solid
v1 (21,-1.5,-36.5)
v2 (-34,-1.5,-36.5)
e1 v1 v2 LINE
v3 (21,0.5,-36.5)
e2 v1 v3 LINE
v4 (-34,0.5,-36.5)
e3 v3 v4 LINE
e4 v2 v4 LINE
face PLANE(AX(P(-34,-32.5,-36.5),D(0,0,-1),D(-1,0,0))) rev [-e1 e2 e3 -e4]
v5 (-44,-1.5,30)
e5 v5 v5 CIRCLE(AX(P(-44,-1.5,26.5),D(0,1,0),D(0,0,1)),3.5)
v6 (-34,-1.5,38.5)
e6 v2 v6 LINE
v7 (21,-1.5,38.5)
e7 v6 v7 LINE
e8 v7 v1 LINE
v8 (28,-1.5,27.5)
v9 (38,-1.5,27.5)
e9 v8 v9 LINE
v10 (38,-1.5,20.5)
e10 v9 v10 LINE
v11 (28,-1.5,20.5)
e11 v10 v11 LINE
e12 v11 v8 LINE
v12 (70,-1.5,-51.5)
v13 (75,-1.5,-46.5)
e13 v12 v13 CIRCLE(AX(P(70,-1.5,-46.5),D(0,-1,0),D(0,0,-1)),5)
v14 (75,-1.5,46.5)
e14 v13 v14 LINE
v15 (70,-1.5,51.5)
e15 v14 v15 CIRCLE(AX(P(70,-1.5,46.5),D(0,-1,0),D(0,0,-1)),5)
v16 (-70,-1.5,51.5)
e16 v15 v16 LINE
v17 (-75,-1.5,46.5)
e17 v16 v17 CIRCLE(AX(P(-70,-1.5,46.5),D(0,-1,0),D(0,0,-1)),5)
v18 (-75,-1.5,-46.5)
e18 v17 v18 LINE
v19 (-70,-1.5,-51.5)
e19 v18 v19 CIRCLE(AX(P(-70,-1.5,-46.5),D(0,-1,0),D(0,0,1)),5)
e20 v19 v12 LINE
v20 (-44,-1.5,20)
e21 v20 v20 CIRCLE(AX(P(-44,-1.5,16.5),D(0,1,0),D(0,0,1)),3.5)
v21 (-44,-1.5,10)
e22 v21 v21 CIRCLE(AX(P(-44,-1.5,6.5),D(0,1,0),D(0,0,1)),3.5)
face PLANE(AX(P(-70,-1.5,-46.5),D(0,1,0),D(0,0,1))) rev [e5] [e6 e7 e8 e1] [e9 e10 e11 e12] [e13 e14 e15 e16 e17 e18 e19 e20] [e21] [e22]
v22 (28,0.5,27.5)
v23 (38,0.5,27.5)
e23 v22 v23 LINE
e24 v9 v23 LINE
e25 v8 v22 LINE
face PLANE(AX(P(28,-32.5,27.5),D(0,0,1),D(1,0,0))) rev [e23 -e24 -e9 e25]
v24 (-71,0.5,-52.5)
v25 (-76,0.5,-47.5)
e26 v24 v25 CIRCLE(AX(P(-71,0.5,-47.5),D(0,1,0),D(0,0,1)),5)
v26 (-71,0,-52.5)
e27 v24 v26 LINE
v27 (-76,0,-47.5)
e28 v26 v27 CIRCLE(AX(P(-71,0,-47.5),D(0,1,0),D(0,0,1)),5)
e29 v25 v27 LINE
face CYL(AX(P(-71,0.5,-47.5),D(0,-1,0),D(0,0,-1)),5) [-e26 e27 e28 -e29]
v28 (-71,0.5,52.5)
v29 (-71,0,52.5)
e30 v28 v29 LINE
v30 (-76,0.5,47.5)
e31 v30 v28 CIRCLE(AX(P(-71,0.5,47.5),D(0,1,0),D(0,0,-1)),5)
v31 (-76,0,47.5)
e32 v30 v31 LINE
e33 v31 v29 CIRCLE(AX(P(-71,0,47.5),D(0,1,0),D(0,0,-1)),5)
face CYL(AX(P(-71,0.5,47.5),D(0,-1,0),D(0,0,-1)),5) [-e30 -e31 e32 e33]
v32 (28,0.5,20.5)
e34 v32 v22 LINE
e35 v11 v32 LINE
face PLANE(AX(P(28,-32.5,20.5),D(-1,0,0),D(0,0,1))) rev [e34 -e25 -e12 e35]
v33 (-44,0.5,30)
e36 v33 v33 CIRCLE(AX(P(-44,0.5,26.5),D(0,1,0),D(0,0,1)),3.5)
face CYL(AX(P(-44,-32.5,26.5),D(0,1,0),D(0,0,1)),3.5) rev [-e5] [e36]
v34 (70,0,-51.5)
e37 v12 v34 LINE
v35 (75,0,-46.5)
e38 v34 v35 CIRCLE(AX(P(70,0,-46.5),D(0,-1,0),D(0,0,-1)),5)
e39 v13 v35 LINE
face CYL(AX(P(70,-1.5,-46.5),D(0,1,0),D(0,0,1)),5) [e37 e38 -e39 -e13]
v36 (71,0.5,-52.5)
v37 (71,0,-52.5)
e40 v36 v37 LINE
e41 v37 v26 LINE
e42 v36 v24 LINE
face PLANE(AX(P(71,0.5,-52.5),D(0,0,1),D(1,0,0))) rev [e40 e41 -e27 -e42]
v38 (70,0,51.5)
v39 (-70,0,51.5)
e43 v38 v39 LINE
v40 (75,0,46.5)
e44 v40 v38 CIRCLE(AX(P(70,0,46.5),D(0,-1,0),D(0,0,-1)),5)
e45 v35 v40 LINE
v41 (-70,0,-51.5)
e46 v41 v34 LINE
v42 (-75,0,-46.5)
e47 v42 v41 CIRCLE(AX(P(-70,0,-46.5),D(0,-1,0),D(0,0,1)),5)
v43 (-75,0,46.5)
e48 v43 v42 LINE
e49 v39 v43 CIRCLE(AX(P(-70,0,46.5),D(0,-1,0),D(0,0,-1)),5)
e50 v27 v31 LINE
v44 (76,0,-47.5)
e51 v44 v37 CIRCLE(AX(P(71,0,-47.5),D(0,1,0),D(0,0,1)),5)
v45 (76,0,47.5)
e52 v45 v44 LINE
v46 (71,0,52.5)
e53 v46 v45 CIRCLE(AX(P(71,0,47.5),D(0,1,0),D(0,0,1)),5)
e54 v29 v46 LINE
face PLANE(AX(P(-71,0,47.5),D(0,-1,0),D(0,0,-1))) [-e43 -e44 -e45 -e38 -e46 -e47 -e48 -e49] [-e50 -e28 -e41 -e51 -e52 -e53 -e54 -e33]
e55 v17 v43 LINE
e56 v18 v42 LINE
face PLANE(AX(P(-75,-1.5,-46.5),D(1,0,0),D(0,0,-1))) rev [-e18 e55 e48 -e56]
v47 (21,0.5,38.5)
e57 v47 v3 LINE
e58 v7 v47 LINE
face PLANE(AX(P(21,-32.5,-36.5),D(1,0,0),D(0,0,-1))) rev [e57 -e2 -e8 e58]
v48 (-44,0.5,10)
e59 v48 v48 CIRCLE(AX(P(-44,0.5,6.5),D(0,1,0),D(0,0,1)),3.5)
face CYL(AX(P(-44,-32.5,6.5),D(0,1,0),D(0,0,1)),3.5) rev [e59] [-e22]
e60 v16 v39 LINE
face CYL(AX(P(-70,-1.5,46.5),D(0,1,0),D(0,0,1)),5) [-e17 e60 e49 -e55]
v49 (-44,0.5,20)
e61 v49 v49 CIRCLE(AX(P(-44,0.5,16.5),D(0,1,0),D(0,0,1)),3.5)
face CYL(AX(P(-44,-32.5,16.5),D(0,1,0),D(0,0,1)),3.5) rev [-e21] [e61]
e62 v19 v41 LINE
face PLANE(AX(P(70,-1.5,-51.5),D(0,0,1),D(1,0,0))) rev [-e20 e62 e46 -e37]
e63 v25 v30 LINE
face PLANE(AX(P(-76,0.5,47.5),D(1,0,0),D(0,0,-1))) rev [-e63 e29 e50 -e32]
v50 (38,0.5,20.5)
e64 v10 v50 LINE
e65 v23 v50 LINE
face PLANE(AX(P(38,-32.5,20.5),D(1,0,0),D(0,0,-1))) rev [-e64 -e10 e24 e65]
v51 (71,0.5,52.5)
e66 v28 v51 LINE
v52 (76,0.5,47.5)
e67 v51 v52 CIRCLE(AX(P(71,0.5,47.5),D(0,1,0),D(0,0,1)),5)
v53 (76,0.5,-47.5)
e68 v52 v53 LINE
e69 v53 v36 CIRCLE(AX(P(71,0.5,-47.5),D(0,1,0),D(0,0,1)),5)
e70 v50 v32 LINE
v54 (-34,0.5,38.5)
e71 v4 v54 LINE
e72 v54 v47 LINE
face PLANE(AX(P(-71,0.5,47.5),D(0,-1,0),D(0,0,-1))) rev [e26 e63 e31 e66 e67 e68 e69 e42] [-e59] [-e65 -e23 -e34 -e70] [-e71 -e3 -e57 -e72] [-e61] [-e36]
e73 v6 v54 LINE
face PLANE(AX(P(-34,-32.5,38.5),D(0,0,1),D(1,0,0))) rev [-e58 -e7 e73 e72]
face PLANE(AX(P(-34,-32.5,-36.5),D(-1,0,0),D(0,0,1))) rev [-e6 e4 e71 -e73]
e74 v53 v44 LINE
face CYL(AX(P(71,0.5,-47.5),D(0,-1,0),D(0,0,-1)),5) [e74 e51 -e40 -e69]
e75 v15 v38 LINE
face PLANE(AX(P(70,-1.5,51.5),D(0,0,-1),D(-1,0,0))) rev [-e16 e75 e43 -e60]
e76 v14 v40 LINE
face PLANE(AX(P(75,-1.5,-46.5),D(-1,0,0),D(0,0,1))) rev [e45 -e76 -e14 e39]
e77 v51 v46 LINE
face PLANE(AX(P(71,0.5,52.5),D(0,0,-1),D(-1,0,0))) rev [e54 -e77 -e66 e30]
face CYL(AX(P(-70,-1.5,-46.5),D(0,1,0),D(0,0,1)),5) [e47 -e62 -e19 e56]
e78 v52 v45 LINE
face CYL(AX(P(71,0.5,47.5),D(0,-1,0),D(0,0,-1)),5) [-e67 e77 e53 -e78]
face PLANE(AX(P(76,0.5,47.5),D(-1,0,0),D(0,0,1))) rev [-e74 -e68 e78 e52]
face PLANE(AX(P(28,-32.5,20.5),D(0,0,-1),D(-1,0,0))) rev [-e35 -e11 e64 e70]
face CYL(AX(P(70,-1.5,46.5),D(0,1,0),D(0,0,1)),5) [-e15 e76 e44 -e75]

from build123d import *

# Parameters (mm, degrees)
EXTRUDE_5_DEPTH      = 0.5
EXTRUDE_6_DEPTH      = 1.5
SKETCH_19_W          = 55
SKETCH_19_H          = 75
CUT_EXTRUDE_10_DEPTH = 33
SKETCH_20_W          = 10
SKETCH_20_H          = 7
CUT_EXTRUDE_11_DEPTH = 33
SKETCH_21_R          = 3.5
CUT_EXTRUDE_12_DEPTH = 33


with BuildPart() as part:
    # 草图16 → 凸台-拉伸5 (new body)
    with BuildSketch(Plane(origin=(0, 0, 0), x_dir=(1, 0, 0), z_dir=(0, 1, 0))):
        with BuildLine():
            Line((71, -52.5), (-71, -52.5))
            ThreePointArc((-71, -52.5), (-74.535533906, -51.035533906), (-76, -47.5))
            Line((-76, -47.5), (-76, 47.5))
            ThreePointArc((-76, 47.5), (-74.535533906, 51.035533906), (-71, 52.5))
            Line((-71, 52.5), (71, 52.5))
            ThreePointArc((71, 52.5), (74.535533906, 51.035533906), (76, 47.5))
            Line((76, 47.5), (76, -47.5))
            ThreePointArc((76, -47.5), (74.535533906, -51.035533906), (71, -52.5))
        make_face()
    extrude(amount=EXTRUDE_5_DEPTH)

    # 草图18 → 凸台-拉伸6 (add)
    with BuildSketch(Plane.XZ):
        with BuildLine():
            Line((70, -51.5), (-70, -51.5))
            ThreePointArc((-70, -51.5), (-73.535533906, -50.035533906), (-75, -46.5))
            Line((-75, -46.5), (-75, 46.5))
            ThreePointArc((-75, 46.5), (-73.535533906, 50.035533906), (-70, 51.5))
            Line((-70, 51.5), (70, 51.5))
            ThreePointArc((70, 51.5), (73.535533906, 50.035533906), (75, 46.5))
            Line((75, 46.5), (75, -46.5))
            ThreePointArc((75, -46.5), (73.535533906, -50.035533906), (70, -51.5))
        make_face()
    extrude(amount=EXTRUDE_6_DEPTH)

    # 草图19 → 切除-拉伸10 (cut)
    with BuildSketch(Plane(origin=(0, 0.5, 0), x_dir=(1, 0, 0), z_dir=(0, 1, 0))):
        with Locations((-6.5, -1)):
            Rectangle(SKETCH_19_W, SKETCH_19_H)
    extrude(amount=-CUT_EXTRUDE_10_DEPTH, mode=Mode.SUBTRACT)

    # 草图20 → 切除-拉伸11 (cut)
    with BuildSketch(Plane(origin=(0, 0.5, 0), x_dir=(1, 0, 0), z_dir=(0, 1, 0))):
        with Locations((33, -24)):
            Rectangle(SKETCH_20_W, SKETCH_20_H)
    extrude(amount=-CUT_EXTRUDE_11_DEPTH, mode=Mode.SUBTRACT)

    # 草图21 → 切除-拉伸12 (cut)
    with BuildSketch(Plane(origin=(0, 0.5, 0), x_dir=(1, 0, 0), z_dir=(0, 1, 0))):
        with Locations(Location((-44, -6.5, 0), (0, 0, 270))):
            Circle(SKETCH_21_R)
        with Locations(Location((-44, -16.5, 0), (0, 0, 270))):
            Circle(SKETCH_21_R)
        with Locations(Location((-44, -26.5, 0), (0, 0, 270))):
            Circle(SKETCH_21_R)
    extrude(amount=-CUT_EXTRUDE_12_DEPTH, mode=Mode.SUBTRACT)


solid = part.part
